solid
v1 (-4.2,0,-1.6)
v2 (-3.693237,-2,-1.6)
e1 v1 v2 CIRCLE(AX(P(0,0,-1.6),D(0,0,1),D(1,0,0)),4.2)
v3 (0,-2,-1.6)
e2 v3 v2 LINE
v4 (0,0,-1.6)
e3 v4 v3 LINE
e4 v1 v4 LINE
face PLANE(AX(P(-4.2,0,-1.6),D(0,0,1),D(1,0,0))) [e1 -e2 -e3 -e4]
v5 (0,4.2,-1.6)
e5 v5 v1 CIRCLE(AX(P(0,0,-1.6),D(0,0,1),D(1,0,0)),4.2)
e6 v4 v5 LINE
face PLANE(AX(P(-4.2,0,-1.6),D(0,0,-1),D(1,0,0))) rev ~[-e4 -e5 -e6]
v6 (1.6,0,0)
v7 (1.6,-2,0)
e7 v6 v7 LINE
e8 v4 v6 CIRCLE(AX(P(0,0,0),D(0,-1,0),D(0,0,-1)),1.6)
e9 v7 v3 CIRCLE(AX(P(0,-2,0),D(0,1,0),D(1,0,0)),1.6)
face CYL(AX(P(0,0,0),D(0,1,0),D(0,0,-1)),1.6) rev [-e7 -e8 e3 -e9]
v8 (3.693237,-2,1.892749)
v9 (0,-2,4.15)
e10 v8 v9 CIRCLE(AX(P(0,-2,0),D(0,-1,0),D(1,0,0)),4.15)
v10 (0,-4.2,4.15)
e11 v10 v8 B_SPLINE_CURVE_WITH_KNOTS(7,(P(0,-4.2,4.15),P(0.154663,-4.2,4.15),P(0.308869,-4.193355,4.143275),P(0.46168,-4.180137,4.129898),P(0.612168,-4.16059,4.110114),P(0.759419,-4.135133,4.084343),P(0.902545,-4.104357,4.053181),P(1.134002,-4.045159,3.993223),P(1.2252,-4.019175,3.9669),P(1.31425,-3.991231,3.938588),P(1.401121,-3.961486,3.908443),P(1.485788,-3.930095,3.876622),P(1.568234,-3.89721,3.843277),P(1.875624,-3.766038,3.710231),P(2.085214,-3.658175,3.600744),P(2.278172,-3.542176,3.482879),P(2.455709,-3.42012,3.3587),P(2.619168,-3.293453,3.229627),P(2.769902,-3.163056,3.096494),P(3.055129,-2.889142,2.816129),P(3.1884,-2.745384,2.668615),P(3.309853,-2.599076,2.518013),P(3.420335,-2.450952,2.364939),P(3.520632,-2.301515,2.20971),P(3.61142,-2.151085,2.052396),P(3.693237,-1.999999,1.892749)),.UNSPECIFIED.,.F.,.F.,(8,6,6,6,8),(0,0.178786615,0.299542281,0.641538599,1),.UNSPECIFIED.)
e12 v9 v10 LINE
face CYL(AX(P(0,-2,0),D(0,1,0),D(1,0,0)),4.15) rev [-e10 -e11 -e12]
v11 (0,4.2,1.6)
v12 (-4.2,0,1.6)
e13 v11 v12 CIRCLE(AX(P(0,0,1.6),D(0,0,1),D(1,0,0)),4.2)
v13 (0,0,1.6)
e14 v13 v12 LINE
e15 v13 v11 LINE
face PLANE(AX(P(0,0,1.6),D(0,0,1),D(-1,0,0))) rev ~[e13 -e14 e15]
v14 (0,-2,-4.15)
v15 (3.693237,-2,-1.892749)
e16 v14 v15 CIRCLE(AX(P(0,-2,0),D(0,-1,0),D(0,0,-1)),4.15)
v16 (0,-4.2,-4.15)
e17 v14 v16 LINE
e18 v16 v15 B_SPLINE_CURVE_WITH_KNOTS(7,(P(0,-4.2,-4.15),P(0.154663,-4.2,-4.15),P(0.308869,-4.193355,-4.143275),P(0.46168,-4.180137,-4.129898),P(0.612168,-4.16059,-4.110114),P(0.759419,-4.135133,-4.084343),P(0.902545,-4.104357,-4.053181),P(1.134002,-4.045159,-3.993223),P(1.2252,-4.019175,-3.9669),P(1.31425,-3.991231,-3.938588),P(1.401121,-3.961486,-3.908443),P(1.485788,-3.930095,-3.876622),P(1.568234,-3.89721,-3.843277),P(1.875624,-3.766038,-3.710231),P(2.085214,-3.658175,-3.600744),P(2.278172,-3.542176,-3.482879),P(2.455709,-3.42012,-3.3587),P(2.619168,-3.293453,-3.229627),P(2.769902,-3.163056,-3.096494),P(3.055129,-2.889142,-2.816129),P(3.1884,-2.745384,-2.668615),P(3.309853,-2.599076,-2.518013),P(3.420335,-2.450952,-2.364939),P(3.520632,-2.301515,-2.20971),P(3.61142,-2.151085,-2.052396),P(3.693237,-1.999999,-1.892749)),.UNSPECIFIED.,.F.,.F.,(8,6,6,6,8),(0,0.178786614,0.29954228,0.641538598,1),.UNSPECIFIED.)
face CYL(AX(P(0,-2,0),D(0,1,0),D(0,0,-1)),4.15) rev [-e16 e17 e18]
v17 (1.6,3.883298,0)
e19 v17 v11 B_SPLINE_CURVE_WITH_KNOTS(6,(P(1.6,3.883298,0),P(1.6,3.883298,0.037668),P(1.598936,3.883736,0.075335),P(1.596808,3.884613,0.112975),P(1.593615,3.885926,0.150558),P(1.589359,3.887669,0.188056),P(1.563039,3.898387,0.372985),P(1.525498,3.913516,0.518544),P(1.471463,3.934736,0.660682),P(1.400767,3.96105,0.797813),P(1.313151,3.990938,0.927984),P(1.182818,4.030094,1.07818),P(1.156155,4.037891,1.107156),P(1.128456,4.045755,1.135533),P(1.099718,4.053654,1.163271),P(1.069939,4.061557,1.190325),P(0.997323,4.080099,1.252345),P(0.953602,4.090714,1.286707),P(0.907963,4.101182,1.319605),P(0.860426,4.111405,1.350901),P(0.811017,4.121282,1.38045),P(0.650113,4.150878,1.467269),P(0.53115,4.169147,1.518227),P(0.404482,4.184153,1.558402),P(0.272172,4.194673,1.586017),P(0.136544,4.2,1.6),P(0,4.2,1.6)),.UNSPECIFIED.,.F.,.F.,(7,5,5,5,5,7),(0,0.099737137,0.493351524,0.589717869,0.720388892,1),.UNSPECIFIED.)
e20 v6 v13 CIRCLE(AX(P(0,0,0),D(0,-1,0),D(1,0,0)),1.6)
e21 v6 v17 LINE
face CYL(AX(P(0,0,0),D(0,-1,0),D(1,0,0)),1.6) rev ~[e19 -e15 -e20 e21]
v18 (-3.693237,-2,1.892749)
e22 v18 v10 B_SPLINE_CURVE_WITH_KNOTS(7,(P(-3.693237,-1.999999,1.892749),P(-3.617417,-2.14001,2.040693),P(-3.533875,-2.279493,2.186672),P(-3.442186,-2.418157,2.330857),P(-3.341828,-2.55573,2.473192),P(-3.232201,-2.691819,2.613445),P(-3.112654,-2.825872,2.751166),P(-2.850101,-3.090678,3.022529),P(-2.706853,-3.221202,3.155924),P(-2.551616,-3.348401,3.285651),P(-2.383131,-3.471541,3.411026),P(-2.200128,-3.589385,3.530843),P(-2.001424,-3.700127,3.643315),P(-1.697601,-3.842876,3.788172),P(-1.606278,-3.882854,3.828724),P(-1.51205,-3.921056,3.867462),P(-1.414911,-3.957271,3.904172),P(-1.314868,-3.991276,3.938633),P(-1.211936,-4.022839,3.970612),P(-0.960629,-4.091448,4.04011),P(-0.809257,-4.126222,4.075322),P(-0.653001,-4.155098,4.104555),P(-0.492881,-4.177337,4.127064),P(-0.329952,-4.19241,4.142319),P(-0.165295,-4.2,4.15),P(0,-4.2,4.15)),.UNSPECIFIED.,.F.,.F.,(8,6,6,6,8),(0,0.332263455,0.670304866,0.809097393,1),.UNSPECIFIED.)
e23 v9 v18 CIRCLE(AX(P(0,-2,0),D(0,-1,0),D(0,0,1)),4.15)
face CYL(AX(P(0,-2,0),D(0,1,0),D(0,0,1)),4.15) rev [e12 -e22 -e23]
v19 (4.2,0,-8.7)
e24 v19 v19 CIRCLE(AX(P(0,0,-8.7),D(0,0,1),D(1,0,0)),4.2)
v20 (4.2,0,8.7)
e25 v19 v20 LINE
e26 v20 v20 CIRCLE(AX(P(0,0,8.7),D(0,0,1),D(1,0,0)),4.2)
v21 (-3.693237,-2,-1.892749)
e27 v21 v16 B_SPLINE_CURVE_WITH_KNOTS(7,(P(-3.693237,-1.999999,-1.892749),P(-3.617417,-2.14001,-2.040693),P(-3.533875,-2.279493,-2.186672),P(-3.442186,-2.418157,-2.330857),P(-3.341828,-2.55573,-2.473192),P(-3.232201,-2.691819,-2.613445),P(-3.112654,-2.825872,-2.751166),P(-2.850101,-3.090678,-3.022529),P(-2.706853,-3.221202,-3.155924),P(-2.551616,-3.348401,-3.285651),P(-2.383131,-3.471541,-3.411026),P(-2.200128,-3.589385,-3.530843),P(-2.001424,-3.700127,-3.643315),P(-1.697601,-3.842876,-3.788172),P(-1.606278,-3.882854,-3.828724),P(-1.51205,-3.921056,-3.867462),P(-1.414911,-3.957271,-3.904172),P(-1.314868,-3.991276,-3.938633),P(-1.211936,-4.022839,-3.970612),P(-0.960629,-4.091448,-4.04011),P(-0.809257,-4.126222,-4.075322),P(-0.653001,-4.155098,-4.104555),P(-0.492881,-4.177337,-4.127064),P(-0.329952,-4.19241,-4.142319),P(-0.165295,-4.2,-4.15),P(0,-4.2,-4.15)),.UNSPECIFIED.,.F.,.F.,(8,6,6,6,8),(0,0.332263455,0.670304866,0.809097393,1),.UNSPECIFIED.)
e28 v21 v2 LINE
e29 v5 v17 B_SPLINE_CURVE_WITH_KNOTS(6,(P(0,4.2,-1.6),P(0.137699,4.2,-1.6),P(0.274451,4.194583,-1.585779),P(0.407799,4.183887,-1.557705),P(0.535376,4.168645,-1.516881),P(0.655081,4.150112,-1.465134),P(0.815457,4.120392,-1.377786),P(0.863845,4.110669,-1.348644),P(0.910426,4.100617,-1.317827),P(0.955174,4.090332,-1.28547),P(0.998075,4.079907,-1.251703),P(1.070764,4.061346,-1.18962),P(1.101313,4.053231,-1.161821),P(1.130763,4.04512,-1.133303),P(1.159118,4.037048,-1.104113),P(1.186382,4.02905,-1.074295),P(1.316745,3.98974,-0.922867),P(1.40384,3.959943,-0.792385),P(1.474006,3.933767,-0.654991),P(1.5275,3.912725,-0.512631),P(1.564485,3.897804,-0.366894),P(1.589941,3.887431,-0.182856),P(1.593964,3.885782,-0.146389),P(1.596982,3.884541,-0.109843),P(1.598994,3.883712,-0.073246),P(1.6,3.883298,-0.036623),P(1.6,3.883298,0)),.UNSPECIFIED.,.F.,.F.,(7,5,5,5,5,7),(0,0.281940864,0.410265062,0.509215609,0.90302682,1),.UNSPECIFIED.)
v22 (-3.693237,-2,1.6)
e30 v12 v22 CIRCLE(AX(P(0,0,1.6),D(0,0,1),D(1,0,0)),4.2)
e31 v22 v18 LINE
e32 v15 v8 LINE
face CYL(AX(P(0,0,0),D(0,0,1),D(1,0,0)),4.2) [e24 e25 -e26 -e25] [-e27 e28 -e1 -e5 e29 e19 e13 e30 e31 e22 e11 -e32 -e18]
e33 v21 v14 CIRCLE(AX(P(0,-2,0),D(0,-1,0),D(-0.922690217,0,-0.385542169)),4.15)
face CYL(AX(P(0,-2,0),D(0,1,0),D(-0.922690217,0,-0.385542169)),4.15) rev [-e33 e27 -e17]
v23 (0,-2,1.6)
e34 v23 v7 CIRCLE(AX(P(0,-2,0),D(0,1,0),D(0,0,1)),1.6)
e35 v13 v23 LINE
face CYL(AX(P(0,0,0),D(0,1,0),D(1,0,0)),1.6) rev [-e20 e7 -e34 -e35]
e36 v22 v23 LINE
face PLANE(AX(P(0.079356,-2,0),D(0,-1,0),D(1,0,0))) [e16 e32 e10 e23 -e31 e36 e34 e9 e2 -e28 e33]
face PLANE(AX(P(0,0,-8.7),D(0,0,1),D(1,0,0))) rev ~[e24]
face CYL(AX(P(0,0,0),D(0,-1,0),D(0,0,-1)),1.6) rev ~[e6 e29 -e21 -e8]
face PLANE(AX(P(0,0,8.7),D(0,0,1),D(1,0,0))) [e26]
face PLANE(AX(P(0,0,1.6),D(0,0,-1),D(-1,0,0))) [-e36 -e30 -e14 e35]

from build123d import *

# Parameters (mm, degrees)
F0_R          = 4.2
F2_DEPTH      = 8.7
F2_DEPTH_BACK = 8.7
F3_START      = 2
F3_DEPTH      = 3
F4_DEPTH      = 25
F4_DEPTH_BACK = 25


with BuildPart() as f2:
    # F0 (on Top) → F2 (new body, two sides)
    with BuildSketch(Plane.XY) as f2_sk:
        Circle(F0_R)
    extrude(amount=F2_DEPTH)
    extrude(f2_sk.sketch, amount=-F2_DEPTH_BACK)

    # F1 (on Front) → F3 (cut)
    with BuildSketch(Plane.XZ.offset(F3_START)):
        with BuildLine():
            ThreePointArc((0, -4.15), (2.9344931419, -2.9344931419), (4.15, 0))
            ThreePointArc((4.15, 0), (2.9344931419, 2.9344931419), (0, 4.15))
            ThreePointArc((0, 4.15), (-2.3002717231, 3.4541641536), (-3.8291643997, 1.6))
            Line((-3.8291643997, 1.6), (0, 1.6))
            ThreePointArc((0, 1.6), (1.1313708499, 1.1313708499), (1.6, 0))
            ThreePointArc((1.6, 0), (1.1313708499, -1.1313708499), (0, -1.6))
            Line((0, -1.6), (-3.8291643997, -1.6))
            ThreePointArc((-3.8291643997, -1.6), (-2.3002717231, -3.4541641536), (0, -4.15))
        make_face()
    extrude(amount=F3_DEPTH, mode=Mode.SUBTRACT)

    # F1 (on Front) → F4 (cut, two sides)
    with BuildSketch(Plane.XZ) as f4_sk:
        with BuildLine():
            Line((0, 1.6), (-3.8291643997, 1.6))
            ThreePointArc((-3.8291643997, 1.6), (-4.0690006303, 0.8159251624), (-4.15, 0))
            ThreePointArc((-4.15, 0), (-4.0690006303, -0.8159251624), (-3.8291643997, -1.6))
            Line((-3.8291643997, -1.6), (0, -1.6))
            ThreePointArc((0, -1.6), (-1.6, 0), (0, 1.6))
        make_face()
        with BuildLine():
            ThreePointArc((1.6, 0), (1.1313708499, 1.1313708499), (0, 1.6))
            ThreePointArc((0, 1.6), (-1.6, 0), (0, -1.6))
            ThreePointArc((0, -1.6), (1.1313708499, -1.1313708499), (1.6, 0))
        make_face()
        with BuildLine():
            Line((-4.15, -1.6), (-3.8291643997, -1.6))
            ThreePointArc((-3.8291643997, -1.6), (-4.0690006303, -0.8159251624), (-4.15, 0))
            Line((-4.15, 0), (-4.15, -1.6))
        make_face()
        with BuildLine():
            ThreePointArc((-4.15, 0), (-4.0690006303, 0.8159251624), (-3.8291643997, 1.6))
            Line((-3.8291643997, 1.6), (-4.15, 1.6))
            Line((-4.15, 1.6), (-4.15, 0))
        make_face()
        Polygon((-4.15, -1.6), (-4.15, 0), (-4.15, 1.6), (-4.2, 1.6), (-4.2, -1.6), align=None)
    extrude(amount=-F4_DEPTH, mode=Mode.SUBTRACT)
    extrude(f4_sk.sketch, amount=F4_DEPTH_BACK, mode=Mode.SUBTRACT)


solid = f2.part
